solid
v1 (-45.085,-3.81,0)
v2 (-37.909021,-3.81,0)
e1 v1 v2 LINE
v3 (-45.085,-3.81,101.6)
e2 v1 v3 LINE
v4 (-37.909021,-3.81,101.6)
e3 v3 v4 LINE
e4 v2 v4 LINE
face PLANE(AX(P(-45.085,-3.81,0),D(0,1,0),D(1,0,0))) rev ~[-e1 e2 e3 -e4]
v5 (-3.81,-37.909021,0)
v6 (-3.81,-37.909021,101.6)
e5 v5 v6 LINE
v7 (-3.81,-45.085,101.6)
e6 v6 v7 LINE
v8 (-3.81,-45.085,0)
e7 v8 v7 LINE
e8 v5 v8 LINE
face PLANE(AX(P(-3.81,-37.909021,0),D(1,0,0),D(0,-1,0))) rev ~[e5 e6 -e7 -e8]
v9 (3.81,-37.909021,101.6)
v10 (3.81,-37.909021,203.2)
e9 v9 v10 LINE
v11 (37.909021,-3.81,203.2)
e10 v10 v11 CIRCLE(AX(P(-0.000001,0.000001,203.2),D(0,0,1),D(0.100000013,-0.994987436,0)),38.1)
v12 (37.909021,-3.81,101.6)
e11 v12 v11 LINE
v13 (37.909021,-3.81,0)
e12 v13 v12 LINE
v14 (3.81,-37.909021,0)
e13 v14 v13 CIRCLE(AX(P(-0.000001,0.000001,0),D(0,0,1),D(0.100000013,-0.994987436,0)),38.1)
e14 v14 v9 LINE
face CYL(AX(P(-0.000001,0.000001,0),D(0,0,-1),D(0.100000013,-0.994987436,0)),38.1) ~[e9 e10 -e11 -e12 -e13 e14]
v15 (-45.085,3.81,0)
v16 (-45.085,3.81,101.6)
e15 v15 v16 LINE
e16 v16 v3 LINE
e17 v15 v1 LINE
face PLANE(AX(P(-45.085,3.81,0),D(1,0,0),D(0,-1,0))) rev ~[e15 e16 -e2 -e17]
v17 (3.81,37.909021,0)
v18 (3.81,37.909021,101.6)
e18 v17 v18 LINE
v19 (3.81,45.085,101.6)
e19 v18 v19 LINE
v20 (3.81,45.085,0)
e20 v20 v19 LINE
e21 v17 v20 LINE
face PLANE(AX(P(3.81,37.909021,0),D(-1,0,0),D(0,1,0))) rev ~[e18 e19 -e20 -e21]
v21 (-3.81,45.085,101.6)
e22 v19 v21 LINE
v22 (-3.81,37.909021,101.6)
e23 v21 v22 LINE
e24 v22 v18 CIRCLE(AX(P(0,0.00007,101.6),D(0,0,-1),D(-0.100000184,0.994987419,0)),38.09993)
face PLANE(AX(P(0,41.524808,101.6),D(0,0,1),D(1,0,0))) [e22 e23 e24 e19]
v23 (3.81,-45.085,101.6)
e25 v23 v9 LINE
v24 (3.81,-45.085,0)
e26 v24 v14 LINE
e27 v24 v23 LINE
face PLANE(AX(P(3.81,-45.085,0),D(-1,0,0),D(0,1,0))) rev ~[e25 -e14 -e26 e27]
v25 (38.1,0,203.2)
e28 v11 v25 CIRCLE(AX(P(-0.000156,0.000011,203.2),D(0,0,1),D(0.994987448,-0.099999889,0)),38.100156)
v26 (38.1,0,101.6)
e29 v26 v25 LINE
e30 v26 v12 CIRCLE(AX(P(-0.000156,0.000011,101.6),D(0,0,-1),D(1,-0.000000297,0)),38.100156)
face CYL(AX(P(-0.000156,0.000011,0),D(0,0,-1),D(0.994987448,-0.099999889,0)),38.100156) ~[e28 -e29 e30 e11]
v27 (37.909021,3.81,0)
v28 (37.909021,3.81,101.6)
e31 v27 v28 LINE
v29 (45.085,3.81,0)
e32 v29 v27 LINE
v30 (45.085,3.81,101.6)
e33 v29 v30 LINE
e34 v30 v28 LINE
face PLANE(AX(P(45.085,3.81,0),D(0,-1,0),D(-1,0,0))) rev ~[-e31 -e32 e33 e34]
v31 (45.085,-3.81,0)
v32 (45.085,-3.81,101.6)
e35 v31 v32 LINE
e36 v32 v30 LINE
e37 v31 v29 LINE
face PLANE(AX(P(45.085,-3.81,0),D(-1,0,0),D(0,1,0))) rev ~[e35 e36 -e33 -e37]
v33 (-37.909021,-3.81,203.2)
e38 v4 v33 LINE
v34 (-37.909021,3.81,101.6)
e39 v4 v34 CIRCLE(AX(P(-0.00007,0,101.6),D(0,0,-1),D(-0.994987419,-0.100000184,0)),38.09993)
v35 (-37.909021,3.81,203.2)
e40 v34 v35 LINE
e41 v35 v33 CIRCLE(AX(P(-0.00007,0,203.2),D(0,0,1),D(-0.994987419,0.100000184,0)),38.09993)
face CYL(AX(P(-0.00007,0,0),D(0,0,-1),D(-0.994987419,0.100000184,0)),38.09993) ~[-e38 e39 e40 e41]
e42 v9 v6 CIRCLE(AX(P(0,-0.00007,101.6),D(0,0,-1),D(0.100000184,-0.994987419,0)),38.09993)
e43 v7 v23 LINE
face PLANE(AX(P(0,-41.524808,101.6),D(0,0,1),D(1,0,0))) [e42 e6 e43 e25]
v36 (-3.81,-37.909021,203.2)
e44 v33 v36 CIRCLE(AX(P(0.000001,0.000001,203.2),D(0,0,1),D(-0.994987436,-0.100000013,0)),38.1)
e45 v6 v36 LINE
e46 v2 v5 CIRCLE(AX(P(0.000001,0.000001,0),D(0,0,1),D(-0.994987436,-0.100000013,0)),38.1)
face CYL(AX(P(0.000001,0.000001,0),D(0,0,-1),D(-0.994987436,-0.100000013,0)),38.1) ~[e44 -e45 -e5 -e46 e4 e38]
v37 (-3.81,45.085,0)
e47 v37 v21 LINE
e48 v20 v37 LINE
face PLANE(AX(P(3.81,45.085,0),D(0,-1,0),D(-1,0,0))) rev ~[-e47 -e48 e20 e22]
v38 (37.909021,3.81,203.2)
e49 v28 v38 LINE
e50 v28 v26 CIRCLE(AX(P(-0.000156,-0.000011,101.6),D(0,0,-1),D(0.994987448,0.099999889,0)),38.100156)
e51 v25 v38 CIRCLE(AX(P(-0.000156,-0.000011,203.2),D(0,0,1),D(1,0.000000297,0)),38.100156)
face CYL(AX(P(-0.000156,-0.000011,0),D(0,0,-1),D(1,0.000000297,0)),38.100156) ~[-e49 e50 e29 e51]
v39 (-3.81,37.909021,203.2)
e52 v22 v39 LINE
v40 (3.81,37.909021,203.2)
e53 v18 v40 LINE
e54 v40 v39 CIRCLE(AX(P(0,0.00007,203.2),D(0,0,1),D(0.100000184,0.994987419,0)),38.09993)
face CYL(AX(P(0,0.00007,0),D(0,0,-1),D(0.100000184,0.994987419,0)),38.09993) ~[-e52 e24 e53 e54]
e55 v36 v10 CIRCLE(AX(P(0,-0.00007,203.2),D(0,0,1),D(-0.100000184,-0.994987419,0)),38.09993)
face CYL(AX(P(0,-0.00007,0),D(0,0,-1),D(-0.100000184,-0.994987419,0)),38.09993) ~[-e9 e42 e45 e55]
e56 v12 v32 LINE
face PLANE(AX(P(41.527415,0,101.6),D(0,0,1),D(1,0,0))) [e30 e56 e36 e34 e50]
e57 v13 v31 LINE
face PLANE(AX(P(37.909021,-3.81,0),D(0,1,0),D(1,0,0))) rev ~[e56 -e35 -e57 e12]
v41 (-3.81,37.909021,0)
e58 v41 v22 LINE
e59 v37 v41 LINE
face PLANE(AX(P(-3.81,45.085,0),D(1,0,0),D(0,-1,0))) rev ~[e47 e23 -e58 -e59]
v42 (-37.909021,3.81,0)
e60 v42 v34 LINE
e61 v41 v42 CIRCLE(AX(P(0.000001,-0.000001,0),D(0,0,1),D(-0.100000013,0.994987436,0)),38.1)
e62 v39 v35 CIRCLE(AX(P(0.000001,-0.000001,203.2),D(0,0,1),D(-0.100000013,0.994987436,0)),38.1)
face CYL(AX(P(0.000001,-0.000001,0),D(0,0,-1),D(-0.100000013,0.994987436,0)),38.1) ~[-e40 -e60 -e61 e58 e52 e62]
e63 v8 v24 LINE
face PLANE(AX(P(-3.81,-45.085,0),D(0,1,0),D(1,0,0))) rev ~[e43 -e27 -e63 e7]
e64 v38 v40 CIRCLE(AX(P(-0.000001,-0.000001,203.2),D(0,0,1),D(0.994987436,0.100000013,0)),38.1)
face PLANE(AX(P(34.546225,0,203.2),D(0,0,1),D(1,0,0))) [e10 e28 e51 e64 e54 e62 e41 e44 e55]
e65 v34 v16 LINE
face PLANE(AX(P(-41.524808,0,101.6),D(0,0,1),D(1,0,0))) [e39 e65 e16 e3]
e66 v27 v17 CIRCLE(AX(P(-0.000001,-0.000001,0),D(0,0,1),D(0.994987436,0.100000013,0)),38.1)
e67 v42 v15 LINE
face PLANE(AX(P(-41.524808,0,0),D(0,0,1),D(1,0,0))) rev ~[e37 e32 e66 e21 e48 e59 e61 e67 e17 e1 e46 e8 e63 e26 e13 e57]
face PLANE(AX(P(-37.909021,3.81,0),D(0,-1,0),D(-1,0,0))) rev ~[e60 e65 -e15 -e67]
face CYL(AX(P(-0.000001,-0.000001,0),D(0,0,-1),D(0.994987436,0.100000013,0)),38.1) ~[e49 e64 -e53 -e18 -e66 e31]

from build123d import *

# Parameters (mm, degrees)
F1_DEPTH = 203.2
F2_DEPTH = 101.6


with BuildPart() as f1:
    # F0 (on Top) → F1 (new body)
    with BuildSketch(Plane.XY):
        with BuildLine():
            ThreePointArc((37.909021, -3.81), (38.052225, -1.907392), (38.1, 0))
            ThreePointArc((38.1, 0), (38.052225, 1.907392), (37.909021, 3.81))
            Line((37.909021, 3.81), (31.115, 3.81))
            Line((31.115, 3.81), (31.115, -3.81))
            Line((31.115, -3.81), (37.909021, -3.81))
        make_face()
        with BuildLine():
            Line((-31.115, 3.81), (-37.909021, 3.81))
            ThreePointArc((-37.909021, 3.81), (-38.1, 0), (-37.909021, -3.81))
            Line((-37.909021, -3.81), (-31.115, -3.81))
            Line((-31.115, -3.81), (-31.115, 3.81))
        make_face()
        with BuildLine():
            Line((3.81, 31.115), (3.81, 37.909021))
            ThreePointArc((3.81, 37.909021), (0, 38.1), (-3.81, 37.909021))
            Line((-3.81, 37.909021), (-3.81, 31.115))
            Line((-3.81, 31.115), (3.81, 31.115))
        make_face()
        with BuildLine():
            ThreePointArc((-3.81, -37.909021), (0, -38.1), (3.81, -37.909021))
            Line((3.81, -37.909021), (3.81, -31.115))
            Line((3.81, -31.115), (-3.81, -31.115))
            Line((-3.81, -31.115), (-3.81, -37.909021))
        make_face()
        with BuildLine():
            Line((31.115, 3.81), (37.909021, 3.81))
            ThreePointArc((37.909021, 3.81), (26.940768, 26.940768), (3.81, 37.909021))
            Line((3.81, 37.909021), (3.81, 31.115))
            Line((3.81, 31.115), (-3.81, 31.115))
            Line((-3.81, 31.115), (-3.81, 37.909021))
            ThreePointArc((-3.81, 37.909021), (-26.940768, 26.940768), (-37.909021, 3.81))
            Line((-37.909021, 3.81), (-31.115, 3.81))
            Line((-31.115, 3.81), (-31.115, -3.81))
            Line((-31.115, -3.81), (-37.909021, -3.81))
            ThreePointArc((-37.909021, -3.81), (-26.940768, -26.940768), (-3.81, -37.909021))
            Line((-3.81, -37.909021), (-3.81, -31.115))
            Line((-3.81, -31.115), (3.81, -31.115))
            Line((3.81, -31.115), (3.81, -37.909021))
            ThreePointArc((3.81, -37.909021), (26.940768, -26.940768), (37.909021, -3.81))
            Line((37.909021, -3.81), (31.115, -3.81))
            Line((31.115, -3.81), (31.115, 3.81))
        make_face()
    extrude(amount=F1_DEPTH)

    # F0 (on Top) → F2 (join)
    with BuildSketch(Plane.XY):
        with BuildLine():
            ThreePointArc((-37.909021, -3.81), (-38.1, 0), (-37.909021, 3.81))
            Line((-37.909021, 3.81), (-45.085, 3.81))
            Line((-45.085, 3.81), (-45.085, -3.81))
            Line((-45.085, -3.81), (-37.909021, -3.81))
        make_face()
        with BuildLine():
            Line((3.81, -45.085), (3.81, -37.909021))
            ThreePointArc((3.81, -37.909021), (0, -38.1), (-3.81, -37.909021))
            Line((-3.81, -37.909021), (-3.81, -45.085))
            Line((-3.81, -45.085), (3.81, -45.085))
        make_face()
        with BuildLine():
            ThreePointArc((37.909021, 3.81), (38.052225, 1.907392), (38.1, 0))
            ThreePointArc((38.1, 0), (38.052225, -1.907392), (37.909021, -3.81))
            Line((37.909021, -3.81), (45.085, -3.81))
            Line((45.085, -3.81), (45.085, 3.81))
            Line((45.085, 3.81), (37.909021, 3.81))
        make_face()
        with BuildLine():
            ThreePointArc((-3.81, 37.909021), (0, 38.1), (3.81, 37.909021))
            Line((3.81, 37.909021), (3.81, 45.085))
            Line((3.81, 45.085), (-3.81, 45.085))
            Line((-3.81, 45.085), (-3.81, 37.909021))
        make_face()
    extrude(amount=F2_DEPTH)


solid = f1.part
